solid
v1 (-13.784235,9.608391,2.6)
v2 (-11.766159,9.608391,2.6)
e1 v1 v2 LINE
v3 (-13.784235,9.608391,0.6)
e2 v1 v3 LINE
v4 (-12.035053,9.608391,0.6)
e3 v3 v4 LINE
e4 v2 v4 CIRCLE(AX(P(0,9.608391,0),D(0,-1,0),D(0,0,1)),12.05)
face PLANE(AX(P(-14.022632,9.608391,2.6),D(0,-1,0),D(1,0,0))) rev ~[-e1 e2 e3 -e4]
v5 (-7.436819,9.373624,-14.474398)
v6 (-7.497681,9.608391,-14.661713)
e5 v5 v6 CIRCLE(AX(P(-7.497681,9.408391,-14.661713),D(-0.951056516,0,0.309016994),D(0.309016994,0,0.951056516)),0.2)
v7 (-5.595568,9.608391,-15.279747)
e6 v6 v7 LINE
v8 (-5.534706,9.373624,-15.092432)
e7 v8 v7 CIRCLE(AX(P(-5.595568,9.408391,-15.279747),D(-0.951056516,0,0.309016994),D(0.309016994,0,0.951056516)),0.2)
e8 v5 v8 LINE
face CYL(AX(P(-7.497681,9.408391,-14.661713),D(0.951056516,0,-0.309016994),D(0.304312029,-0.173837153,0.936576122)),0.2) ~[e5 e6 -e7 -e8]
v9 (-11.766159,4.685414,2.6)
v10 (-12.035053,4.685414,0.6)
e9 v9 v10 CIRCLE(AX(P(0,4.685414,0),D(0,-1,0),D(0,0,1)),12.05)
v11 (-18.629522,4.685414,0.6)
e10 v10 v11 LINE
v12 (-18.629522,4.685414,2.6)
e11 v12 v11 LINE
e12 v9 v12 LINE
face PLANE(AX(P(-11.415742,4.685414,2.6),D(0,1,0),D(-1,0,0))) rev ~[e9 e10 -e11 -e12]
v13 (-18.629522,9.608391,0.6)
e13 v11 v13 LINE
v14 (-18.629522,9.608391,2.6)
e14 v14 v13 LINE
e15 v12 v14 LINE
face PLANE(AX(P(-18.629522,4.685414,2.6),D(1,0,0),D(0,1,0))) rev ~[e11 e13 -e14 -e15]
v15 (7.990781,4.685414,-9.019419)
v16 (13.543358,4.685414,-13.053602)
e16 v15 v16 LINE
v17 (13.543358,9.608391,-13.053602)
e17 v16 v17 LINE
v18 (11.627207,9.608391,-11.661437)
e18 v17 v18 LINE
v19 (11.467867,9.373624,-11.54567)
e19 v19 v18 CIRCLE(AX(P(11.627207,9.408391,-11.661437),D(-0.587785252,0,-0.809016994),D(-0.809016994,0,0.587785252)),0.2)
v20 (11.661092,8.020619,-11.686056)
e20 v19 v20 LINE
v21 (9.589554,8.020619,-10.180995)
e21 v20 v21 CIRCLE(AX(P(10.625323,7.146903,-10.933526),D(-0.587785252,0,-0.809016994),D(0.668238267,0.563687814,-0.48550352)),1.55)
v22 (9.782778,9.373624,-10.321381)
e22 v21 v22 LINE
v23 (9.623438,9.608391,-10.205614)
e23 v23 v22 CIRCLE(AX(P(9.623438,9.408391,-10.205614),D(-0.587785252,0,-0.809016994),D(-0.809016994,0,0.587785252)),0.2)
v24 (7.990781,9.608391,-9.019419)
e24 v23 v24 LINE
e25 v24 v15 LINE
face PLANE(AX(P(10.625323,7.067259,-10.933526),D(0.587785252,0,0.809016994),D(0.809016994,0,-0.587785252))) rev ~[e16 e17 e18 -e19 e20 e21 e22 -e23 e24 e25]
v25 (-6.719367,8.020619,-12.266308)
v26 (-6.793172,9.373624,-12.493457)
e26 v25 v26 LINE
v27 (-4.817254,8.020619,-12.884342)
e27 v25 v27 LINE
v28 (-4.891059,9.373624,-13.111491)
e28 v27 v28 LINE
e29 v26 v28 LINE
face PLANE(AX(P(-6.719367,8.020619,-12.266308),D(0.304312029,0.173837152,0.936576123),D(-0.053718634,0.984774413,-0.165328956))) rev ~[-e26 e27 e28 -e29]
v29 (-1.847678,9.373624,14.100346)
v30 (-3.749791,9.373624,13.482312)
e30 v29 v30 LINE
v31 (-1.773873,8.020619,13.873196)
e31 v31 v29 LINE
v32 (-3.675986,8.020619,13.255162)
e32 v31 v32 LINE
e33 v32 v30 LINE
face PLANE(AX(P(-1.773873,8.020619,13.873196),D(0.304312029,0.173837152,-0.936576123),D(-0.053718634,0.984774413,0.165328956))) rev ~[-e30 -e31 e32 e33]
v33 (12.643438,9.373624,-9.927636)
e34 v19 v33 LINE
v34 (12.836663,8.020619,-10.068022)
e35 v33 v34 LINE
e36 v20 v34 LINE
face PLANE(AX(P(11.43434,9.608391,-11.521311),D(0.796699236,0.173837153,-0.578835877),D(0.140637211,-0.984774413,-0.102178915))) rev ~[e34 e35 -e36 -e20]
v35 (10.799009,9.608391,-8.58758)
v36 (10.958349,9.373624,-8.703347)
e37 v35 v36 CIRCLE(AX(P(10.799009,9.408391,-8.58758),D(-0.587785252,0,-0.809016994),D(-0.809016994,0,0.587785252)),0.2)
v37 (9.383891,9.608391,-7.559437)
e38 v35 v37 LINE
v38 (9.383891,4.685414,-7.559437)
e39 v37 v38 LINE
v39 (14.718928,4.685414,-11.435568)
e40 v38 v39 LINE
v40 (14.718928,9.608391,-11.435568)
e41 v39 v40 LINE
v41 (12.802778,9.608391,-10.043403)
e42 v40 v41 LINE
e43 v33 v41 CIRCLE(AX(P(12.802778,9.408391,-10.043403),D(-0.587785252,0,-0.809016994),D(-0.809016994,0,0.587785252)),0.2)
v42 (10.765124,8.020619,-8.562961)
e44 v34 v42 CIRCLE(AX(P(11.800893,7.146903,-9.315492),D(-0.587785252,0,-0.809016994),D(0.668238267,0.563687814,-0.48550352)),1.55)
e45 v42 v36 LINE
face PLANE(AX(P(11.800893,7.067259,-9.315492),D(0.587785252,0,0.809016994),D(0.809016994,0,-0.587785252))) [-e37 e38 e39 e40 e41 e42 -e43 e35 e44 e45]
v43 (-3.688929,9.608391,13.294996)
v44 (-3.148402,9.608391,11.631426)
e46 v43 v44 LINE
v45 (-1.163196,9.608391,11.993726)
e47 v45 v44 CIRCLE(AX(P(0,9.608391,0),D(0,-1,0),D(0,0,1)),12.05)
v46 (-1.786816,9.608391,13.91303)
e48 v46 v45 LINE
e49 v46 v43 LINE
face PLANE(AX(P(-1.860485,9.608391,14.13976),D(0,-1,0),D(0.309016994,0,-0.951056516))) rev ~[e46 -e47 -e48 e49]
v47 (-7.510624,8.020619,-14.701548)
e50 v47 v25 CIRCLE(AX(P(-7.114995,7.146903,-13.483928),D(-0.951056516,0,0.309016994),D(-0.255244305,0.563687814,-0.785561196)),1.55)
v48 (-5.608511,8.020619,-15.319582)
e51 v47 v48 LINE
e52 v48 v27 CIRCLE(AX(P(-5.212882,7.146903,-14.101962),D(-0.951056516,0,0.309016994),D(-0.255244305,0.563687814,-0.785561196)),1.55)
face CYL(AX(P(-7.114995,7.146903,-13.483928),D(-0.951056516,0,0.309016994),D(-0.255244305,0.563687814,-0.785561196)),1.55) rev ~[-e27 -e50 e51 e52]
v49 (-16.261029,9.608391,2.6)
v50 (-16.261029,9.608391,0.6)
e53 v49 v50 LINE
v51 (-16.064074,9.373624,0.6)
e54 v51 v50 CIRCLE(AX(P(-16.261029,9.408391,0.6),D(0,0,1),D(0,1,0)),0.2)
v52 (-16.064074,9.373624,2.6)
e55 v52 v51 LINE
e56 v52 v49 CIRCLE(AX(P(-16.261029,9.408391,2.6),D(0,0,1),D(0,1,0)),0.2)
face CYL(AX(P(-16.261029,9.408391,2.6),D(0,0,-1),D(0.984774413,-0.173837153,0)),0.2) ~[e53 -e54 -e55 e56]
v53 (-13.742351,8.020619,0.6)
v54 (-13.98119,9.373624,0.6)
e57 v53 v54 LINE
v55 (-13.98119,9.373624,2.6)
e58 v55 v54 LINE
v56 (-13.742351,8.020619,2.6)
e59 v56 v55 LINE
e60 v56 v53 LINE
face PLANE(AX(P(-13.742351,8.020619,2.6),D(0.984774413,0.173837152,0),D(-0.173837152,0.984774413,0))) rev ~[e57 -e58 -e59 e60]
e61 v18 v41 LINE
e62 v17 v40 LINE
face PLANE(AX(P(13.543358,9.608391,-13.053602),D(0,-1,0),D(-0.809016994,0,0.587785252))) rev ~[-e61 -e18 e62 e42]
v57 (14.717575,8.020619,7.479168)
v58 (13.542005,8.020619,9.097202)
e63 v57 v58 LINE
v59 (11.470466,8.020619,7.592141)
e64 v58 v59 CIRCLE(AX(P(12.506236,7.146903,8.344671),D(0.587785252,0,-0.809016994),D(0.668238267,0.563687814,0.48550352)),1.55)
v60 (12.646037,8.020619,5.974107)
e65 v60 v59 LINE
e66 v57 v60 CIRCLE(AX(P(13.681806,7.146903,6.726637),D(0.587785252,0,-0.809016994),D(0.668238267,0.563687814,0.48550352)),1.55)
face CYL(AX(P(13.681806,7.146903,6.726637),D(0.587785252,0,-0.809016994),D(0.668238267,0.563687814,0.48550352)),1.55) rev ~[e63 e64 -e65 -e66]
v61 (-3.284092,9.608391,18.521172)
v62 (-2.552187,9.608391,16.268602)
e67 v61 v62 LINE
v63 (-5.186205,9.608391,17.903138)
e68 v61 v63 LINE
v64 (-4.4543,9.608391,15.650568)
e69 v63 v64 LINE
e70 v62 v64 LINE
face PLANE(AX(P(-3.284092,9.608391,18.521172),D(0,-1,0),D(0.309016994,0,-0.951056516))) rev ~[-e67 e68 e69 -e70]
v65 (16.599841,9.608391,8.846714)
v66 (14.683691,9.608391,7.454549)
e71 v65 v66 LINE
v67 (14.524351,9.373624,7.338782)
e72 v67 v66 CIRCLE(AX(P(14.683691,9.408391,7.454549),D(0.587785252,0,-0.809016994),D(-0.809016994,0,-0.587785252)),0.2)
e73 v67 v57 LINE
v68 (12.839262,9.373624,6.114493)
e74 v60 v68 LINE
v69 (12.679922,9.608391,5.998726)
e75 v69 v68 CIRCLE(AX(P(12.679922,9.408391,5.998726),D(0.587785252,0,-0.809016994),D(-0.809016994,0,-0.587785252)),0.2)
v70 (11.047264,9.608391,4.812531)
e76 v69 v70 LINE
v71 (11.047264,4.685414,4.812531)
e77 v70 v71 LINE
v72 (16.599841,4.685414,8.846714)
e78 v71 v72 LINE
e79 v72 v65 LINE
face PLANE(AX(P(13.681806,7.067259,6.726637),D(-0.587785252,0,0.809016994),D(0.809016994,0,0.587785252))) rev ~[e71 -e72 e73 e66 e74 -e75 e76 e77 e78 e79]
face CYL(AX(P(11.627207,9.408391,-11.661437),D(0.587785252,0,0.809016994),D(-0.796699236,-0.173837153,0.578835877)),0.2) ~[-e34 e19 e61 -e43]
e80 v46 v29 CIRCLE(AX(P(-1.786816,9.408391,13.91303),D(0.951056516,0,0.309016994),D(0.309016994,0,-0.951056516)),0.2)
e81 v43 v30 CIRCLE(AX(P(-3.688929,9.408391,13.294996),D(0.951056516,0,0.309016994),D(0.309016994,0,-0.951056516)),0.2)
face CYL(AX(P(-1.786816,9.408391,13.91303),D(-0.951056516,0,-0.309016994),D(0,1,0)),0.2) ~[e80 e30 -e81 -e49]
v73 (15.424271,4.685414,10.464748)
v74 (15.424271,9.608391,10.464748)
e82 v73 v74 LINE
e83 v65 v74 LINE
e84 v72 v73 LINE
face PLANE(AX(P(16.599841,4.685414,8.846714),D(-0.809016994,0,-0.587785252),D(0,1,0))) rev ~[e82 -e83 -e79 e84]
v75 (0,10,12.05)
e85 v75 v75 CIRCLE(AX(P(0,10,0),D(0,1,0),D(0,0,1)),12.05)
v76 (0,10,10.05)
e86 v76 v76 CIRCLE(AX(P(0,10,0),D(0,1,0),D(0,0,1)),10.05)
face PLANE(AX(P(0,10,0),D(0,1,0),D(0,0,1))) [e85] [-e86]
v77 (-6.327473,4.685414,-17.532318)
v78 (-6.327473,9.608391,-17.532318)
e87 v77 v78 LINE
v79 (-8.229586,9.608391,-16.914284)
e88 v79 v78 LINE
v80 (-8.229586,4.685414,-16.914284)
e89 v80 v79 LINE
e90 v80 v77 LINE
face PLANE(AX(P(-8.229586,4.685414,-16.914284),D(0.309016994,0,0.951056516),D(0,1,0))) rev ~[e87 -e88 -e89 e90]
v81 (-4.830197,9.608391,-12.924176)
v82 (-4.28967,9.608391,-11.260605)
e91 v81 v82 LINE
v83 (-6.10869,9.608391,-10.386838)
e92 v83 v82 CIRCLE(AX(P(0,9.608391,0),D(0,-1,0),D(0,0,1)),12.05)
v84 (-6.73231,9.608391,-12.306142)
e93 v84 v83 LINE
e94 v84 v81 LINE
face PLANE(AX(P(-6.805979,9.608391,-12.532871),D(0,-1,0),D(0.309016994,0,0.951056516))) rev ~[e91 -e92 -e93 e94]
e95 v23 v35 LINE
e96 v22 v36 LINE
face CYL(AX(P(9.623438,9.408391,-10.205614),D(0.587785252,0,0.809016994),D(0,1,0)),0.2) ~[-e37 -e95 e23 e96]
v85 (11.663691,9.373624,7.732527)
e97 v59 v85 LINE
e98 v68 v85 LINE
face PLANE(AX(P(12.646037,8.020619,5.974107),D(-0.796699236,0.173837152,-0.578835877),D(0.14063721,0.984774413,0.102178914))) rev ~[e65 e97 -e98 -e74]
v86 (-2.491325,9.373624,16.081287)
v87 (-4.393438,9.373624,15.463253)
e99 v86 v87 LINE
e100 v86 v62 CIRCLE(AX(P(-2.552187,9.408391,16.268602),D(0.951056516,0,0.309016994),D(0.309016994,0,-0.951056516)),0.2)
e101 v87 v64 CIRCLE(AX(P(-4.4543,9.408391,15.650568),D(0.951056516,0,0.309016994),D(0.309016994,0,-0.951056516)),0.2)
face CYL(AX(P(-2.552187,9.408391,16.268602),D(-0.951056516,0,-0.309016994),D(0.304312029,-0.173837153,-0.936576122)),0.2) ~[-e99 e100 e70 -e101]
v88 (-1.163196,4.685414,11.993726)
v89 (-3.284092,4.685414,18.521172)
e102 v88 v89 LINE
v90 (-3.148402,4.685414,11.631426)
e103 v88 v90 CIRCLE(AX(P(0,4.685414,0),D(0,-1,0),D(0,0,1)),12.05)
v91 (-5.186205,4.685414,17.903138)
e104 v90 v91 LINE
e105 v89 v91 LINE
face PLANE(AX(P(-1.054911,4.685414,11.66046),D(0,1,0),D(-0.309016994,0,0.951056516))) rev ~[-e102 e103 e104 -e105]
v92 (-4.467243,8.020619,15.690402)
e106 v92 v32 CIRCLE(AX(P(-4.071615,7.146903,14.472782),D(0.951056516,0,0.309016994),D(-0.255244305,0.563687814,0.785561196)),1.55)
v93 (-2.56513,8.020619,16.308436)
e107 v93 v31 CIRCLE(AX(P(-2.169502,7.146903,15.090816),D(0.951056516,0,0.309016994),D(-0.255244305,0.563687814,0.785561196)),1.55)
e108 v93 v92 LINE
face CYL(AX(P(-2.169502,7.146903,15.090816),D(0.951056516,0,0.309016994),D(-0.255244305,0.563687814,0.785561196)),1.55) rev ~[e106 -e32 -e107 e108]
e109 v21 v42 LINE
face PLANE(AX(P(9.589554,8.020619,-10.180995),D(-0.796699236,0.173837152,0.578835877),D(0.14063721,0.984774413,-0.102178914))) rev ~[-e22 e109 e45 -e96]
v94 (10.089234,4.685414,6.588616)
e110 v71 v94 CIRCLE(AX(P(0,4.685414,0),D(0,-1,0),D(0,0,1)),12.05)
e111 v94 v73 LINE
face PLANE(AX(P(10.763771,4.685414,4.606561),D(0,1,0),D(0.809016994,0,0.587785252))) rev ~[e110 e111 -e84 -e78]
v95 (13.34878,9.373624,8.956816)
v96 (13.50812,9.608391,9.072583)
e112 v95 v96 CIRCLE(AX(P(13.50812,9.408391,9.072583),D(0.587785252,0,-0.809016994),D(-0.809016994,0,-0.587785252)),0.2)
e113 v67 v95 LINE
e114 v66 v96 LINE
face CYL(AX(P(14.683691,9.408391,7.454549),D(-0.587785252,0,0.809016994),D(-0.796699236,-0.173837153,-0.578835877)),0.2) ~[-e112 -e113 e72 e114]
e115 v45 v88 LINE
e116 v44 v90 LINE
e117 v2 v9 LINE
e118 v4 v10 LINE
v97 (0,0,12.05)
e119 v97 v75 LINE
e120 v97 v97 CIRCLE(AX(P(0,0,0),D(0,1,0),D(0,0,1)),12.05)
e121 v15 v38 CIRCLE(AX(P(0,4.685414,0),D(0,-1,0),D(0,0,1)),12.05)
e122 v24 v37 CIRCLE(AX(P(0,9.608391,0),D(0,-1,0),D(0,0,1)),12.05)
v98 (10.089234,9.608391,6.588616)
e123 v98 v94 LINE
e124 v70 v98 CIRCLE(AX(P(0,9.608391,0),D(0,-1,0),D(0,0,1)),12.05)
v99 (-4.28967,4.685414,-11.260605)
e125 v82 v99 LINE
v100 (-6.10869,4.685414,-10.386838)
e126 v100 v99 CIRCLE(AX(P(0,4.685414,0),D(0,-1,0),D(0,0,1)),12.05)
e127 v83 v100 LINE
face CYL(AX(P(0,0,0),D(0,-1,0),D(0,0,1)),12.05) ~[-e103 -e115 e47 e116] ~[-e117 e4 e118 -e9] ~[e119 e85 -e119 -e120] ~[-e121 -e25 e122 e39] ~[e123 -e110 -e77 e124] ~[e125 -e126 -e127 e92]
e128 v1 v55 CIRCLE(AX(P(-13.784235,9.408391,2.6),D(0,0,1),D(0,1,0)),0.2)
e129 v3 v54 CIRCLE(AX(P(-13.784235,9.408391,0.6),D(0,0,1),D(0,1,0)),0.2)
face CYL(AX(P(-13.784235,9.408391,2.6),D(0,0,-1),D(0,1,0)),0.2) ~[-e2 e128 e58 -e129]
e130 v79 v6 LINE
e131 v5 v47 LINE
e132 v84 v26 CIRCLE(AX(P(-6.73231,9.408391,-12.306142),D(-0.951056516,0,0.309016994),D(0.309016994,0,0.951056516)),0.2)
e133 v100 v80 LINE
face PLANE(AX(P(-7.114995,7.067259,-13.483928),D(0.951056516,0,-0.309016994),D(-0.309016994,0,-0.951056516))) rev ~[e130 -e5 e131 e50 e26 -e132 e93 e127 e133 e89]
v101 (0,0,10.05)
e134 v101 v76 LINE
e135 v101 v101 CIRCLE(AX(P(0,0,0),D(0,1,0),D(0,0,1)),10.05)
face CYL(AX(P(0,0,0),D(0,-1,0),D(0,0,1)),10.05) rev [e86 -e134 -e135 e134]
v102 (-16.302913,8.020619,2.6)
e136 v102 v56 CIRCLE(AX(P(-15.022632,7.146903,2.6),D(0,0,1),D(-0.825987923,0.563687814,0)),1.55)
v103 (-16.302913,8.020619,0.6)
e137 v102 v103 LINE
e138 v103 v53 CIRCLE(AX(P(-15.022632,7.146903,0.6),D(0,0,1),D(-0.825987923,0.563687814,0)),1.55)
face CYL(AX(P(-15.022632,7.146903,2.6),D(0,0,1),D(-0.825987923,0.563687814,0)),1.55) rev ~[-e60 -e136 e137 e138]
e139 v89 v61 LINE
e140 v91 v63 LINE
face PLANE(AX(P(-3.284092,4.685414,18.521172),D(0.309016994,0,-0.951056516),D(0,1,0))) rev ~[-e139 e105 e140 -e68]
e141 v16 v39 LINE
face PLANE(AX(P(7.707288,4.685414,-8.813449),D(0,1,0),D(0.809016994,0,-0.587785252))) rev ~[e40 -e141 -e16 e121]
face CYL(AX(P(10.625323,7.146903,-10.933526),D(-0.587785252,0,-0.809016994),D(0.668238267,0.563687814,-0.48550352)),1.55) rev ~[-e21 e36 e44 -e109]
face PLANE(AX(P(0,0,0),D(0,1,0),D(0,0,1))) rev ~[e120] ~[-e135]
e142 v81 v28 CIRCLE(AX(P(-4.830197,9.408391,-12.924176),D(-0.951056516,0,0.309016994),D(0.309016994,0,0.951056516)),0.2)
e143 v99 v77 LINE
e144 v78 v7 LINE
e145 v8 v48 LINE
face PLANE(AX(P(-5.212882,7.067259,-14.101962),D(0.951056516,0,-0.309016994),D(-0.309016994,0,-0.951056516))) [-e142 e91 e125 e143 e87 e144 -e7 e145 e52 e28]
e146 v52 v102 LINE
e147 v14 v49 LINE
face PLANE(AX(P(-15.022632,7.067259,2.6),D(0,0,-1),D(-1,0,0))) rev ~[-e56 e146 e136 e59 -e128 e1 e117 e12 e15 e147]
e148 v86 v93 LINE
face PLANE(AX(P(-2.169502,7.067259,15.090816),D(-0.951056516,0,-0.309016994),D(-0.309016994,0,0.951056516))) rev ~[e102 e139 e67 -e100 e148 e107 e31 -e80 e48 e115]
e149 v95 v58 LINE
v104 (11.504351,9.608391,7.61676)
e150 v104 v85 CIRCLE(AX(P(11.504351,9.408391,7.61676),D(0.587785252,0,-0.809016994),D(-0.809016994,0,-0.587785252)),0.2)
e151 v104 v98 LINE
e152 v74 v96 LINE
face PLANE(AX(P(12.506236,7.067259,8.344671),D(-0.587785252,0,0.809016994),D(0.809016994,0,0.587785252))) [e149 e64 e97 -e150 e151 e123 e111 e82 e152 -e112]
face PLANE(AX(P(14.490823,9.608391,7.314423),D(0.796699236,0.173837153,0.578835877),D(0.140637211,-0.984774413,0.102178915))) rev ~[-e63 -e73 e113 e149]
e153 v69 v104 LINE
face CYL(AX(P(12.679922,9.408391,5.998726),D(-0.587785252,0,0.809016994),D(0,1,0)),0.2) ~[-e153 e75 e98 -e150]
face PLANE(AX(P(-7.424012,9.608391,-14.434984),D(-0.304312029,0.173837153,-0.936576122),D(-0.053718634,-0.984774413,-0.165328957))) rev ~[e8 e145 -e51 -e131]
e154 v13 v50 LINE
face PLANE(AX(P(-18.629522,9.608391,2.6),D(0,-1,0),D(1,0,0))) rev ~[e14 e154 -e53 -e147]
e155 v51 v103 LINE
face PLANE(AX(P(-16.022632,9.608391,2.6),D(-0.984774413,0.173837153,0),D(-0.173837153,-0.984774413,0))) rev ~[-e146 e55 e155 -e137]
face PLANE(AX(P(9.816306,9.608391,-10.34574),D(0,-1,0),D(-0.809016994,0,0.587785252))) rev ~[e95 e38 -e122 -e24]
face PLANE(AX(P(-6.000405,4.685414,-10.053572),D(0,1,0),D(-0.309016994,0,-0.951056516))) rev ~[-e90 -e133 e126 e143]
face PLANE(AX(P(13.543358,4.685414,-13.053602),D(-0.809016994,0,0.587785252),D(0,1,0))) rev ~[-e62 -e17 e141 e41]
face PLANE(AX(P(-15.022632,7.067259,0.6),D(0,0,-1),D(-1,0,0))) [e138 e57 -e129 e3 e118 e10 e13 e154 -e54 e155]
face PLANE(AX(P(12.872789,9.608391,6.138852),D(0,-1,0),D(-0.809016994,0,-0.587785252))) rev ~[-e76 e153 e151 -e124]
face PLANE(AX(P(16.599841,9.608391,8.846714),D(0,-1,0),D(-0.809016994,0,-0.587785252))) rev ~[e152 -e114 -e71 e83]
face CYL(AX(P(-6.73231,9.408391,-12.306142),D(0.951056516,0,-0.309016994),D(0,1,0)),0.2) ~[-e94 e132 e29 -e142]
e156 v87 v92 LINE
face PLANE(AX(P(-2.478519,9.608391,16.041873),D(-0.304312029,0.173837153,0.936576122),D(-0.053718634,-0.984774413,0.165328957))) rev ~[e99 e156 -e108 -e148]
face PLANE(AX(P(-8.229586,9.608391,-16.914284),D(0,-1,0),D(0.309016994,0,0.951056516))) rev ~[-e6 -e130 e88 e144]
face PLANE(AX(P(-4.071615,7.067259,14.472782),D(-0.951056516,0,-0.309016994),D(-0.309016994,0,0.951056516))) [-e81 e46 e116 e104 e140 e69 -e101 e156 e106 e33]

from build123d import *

# Parameters (mm, degrees)
ESQUISSE1_R                      = 12.05
ESQUISSE1_R_2                    = 10.05
BASE_DEPTH                       = 10
BOSS_TIGE_DEPTH                  = 2
CONGE_TIGE_R                     = 0.2
REP_SUPPORT_TIGE_COUNT           = 5
CONGE_TIGE_OF_REP_SUPPORT_TIGE_R = 0.2


with BuildPart() as part:
    # Esquisse1 → BASE (new body)
    with BuildSketch(Plane(origin=(0, 0, 0), x_dir=(1, 0, 0), z_dir=(0, 1, 0))):
        Circle(ESQUISSE1_R)
        Circle(ESQUISSE1_R_2, mode=Mode.SUBTRACT)
    extrude(amount=BASE_DEPTH)

    # Esquisse7 → BOSS TIGE (add)
    with BuildSketch(Plane(origin=(0, 0, 2.6), x_dir=(-1, 0, 0), z_dir=(0, 0, -1))):
        with BuildLine():
            Line((14.022631891, 9.608391049), (11.415742159, 9.608391049))
            Line((11.415742159, 9.608391049), (11.415742159, 4.685414017))
            Line((11.415742159, 4.685414017), (18.629521623, 4.685414017))
            Line((18.629521623, 4.685414017), (18.629521623, 9.608391049))
            Line((18.629521623, 9.608391049), (16.022631891, 9.608391049))
            Line((16.022631891, 9.608391049), (16.302913172, 8.020618644))
            ThreePointArc((16.302913172, 8.020618644), (15.022631891, 5.596902533), (13.742350611, 8.020618644))
            Line((13.742350611, 8.020618644), (14.022631891, 9.608391049))
        make_face()
    boss_tige = extrude(amount=BOSS_TIGE_DEPTH)

    # CONGE TIGE
    conge_tige_edges = [part.edges().sort_by_distance(p)[0] for p in [
        (-16.022631891, 9.608391049, 1.6),
        (-14.022631891, 9.608391049, 1.6),
    ]]
    fillet(conge_tige_edges, radius=CONGE_TIGE_R)

    # REP SUPPORT TIGE: BOSS TIGE ×5 about axis
    rep_support_tige_axis = Axis((0, 10, 0), (0, -1, 0))
    for i in range(1, REP_SUPPORT_TIGE_COUNT):
        add(boss_tige.rotate(rep_support_tige_axis, i * 360 / REP_SUPPORT_TIGE_COUNT))

    # CONGE TIGE of REP SUPPORT TIGE
    conge_tige_of_rep_support_tige_edges = [part.edges().sort_by_distance(p)[0] for p in [
        (-6.472955975, 9.608391049, -14.744001277),
        (-5.854921986, 9.608391049, -12.841888245),
        (12.022125091, 9.608391049, -10.712293919),
        (10.404091102, 9.608391049, -9.536723415),
        (13.903037898, 9.608391049, 8.123439537),
        (12.285003909, 9.608391049, 6.947869033),
        (-3.429575123, 9.608391049, 15.732855659),
        (-2.811541134, 9.608391049, 13.830742627),
    ]]
    fillet(conge_tige_of_rep_support_tige_edges, radius=CONGE_TIGE_OF_REP_SUPPORT_TIGE_R)


solid = part.part
